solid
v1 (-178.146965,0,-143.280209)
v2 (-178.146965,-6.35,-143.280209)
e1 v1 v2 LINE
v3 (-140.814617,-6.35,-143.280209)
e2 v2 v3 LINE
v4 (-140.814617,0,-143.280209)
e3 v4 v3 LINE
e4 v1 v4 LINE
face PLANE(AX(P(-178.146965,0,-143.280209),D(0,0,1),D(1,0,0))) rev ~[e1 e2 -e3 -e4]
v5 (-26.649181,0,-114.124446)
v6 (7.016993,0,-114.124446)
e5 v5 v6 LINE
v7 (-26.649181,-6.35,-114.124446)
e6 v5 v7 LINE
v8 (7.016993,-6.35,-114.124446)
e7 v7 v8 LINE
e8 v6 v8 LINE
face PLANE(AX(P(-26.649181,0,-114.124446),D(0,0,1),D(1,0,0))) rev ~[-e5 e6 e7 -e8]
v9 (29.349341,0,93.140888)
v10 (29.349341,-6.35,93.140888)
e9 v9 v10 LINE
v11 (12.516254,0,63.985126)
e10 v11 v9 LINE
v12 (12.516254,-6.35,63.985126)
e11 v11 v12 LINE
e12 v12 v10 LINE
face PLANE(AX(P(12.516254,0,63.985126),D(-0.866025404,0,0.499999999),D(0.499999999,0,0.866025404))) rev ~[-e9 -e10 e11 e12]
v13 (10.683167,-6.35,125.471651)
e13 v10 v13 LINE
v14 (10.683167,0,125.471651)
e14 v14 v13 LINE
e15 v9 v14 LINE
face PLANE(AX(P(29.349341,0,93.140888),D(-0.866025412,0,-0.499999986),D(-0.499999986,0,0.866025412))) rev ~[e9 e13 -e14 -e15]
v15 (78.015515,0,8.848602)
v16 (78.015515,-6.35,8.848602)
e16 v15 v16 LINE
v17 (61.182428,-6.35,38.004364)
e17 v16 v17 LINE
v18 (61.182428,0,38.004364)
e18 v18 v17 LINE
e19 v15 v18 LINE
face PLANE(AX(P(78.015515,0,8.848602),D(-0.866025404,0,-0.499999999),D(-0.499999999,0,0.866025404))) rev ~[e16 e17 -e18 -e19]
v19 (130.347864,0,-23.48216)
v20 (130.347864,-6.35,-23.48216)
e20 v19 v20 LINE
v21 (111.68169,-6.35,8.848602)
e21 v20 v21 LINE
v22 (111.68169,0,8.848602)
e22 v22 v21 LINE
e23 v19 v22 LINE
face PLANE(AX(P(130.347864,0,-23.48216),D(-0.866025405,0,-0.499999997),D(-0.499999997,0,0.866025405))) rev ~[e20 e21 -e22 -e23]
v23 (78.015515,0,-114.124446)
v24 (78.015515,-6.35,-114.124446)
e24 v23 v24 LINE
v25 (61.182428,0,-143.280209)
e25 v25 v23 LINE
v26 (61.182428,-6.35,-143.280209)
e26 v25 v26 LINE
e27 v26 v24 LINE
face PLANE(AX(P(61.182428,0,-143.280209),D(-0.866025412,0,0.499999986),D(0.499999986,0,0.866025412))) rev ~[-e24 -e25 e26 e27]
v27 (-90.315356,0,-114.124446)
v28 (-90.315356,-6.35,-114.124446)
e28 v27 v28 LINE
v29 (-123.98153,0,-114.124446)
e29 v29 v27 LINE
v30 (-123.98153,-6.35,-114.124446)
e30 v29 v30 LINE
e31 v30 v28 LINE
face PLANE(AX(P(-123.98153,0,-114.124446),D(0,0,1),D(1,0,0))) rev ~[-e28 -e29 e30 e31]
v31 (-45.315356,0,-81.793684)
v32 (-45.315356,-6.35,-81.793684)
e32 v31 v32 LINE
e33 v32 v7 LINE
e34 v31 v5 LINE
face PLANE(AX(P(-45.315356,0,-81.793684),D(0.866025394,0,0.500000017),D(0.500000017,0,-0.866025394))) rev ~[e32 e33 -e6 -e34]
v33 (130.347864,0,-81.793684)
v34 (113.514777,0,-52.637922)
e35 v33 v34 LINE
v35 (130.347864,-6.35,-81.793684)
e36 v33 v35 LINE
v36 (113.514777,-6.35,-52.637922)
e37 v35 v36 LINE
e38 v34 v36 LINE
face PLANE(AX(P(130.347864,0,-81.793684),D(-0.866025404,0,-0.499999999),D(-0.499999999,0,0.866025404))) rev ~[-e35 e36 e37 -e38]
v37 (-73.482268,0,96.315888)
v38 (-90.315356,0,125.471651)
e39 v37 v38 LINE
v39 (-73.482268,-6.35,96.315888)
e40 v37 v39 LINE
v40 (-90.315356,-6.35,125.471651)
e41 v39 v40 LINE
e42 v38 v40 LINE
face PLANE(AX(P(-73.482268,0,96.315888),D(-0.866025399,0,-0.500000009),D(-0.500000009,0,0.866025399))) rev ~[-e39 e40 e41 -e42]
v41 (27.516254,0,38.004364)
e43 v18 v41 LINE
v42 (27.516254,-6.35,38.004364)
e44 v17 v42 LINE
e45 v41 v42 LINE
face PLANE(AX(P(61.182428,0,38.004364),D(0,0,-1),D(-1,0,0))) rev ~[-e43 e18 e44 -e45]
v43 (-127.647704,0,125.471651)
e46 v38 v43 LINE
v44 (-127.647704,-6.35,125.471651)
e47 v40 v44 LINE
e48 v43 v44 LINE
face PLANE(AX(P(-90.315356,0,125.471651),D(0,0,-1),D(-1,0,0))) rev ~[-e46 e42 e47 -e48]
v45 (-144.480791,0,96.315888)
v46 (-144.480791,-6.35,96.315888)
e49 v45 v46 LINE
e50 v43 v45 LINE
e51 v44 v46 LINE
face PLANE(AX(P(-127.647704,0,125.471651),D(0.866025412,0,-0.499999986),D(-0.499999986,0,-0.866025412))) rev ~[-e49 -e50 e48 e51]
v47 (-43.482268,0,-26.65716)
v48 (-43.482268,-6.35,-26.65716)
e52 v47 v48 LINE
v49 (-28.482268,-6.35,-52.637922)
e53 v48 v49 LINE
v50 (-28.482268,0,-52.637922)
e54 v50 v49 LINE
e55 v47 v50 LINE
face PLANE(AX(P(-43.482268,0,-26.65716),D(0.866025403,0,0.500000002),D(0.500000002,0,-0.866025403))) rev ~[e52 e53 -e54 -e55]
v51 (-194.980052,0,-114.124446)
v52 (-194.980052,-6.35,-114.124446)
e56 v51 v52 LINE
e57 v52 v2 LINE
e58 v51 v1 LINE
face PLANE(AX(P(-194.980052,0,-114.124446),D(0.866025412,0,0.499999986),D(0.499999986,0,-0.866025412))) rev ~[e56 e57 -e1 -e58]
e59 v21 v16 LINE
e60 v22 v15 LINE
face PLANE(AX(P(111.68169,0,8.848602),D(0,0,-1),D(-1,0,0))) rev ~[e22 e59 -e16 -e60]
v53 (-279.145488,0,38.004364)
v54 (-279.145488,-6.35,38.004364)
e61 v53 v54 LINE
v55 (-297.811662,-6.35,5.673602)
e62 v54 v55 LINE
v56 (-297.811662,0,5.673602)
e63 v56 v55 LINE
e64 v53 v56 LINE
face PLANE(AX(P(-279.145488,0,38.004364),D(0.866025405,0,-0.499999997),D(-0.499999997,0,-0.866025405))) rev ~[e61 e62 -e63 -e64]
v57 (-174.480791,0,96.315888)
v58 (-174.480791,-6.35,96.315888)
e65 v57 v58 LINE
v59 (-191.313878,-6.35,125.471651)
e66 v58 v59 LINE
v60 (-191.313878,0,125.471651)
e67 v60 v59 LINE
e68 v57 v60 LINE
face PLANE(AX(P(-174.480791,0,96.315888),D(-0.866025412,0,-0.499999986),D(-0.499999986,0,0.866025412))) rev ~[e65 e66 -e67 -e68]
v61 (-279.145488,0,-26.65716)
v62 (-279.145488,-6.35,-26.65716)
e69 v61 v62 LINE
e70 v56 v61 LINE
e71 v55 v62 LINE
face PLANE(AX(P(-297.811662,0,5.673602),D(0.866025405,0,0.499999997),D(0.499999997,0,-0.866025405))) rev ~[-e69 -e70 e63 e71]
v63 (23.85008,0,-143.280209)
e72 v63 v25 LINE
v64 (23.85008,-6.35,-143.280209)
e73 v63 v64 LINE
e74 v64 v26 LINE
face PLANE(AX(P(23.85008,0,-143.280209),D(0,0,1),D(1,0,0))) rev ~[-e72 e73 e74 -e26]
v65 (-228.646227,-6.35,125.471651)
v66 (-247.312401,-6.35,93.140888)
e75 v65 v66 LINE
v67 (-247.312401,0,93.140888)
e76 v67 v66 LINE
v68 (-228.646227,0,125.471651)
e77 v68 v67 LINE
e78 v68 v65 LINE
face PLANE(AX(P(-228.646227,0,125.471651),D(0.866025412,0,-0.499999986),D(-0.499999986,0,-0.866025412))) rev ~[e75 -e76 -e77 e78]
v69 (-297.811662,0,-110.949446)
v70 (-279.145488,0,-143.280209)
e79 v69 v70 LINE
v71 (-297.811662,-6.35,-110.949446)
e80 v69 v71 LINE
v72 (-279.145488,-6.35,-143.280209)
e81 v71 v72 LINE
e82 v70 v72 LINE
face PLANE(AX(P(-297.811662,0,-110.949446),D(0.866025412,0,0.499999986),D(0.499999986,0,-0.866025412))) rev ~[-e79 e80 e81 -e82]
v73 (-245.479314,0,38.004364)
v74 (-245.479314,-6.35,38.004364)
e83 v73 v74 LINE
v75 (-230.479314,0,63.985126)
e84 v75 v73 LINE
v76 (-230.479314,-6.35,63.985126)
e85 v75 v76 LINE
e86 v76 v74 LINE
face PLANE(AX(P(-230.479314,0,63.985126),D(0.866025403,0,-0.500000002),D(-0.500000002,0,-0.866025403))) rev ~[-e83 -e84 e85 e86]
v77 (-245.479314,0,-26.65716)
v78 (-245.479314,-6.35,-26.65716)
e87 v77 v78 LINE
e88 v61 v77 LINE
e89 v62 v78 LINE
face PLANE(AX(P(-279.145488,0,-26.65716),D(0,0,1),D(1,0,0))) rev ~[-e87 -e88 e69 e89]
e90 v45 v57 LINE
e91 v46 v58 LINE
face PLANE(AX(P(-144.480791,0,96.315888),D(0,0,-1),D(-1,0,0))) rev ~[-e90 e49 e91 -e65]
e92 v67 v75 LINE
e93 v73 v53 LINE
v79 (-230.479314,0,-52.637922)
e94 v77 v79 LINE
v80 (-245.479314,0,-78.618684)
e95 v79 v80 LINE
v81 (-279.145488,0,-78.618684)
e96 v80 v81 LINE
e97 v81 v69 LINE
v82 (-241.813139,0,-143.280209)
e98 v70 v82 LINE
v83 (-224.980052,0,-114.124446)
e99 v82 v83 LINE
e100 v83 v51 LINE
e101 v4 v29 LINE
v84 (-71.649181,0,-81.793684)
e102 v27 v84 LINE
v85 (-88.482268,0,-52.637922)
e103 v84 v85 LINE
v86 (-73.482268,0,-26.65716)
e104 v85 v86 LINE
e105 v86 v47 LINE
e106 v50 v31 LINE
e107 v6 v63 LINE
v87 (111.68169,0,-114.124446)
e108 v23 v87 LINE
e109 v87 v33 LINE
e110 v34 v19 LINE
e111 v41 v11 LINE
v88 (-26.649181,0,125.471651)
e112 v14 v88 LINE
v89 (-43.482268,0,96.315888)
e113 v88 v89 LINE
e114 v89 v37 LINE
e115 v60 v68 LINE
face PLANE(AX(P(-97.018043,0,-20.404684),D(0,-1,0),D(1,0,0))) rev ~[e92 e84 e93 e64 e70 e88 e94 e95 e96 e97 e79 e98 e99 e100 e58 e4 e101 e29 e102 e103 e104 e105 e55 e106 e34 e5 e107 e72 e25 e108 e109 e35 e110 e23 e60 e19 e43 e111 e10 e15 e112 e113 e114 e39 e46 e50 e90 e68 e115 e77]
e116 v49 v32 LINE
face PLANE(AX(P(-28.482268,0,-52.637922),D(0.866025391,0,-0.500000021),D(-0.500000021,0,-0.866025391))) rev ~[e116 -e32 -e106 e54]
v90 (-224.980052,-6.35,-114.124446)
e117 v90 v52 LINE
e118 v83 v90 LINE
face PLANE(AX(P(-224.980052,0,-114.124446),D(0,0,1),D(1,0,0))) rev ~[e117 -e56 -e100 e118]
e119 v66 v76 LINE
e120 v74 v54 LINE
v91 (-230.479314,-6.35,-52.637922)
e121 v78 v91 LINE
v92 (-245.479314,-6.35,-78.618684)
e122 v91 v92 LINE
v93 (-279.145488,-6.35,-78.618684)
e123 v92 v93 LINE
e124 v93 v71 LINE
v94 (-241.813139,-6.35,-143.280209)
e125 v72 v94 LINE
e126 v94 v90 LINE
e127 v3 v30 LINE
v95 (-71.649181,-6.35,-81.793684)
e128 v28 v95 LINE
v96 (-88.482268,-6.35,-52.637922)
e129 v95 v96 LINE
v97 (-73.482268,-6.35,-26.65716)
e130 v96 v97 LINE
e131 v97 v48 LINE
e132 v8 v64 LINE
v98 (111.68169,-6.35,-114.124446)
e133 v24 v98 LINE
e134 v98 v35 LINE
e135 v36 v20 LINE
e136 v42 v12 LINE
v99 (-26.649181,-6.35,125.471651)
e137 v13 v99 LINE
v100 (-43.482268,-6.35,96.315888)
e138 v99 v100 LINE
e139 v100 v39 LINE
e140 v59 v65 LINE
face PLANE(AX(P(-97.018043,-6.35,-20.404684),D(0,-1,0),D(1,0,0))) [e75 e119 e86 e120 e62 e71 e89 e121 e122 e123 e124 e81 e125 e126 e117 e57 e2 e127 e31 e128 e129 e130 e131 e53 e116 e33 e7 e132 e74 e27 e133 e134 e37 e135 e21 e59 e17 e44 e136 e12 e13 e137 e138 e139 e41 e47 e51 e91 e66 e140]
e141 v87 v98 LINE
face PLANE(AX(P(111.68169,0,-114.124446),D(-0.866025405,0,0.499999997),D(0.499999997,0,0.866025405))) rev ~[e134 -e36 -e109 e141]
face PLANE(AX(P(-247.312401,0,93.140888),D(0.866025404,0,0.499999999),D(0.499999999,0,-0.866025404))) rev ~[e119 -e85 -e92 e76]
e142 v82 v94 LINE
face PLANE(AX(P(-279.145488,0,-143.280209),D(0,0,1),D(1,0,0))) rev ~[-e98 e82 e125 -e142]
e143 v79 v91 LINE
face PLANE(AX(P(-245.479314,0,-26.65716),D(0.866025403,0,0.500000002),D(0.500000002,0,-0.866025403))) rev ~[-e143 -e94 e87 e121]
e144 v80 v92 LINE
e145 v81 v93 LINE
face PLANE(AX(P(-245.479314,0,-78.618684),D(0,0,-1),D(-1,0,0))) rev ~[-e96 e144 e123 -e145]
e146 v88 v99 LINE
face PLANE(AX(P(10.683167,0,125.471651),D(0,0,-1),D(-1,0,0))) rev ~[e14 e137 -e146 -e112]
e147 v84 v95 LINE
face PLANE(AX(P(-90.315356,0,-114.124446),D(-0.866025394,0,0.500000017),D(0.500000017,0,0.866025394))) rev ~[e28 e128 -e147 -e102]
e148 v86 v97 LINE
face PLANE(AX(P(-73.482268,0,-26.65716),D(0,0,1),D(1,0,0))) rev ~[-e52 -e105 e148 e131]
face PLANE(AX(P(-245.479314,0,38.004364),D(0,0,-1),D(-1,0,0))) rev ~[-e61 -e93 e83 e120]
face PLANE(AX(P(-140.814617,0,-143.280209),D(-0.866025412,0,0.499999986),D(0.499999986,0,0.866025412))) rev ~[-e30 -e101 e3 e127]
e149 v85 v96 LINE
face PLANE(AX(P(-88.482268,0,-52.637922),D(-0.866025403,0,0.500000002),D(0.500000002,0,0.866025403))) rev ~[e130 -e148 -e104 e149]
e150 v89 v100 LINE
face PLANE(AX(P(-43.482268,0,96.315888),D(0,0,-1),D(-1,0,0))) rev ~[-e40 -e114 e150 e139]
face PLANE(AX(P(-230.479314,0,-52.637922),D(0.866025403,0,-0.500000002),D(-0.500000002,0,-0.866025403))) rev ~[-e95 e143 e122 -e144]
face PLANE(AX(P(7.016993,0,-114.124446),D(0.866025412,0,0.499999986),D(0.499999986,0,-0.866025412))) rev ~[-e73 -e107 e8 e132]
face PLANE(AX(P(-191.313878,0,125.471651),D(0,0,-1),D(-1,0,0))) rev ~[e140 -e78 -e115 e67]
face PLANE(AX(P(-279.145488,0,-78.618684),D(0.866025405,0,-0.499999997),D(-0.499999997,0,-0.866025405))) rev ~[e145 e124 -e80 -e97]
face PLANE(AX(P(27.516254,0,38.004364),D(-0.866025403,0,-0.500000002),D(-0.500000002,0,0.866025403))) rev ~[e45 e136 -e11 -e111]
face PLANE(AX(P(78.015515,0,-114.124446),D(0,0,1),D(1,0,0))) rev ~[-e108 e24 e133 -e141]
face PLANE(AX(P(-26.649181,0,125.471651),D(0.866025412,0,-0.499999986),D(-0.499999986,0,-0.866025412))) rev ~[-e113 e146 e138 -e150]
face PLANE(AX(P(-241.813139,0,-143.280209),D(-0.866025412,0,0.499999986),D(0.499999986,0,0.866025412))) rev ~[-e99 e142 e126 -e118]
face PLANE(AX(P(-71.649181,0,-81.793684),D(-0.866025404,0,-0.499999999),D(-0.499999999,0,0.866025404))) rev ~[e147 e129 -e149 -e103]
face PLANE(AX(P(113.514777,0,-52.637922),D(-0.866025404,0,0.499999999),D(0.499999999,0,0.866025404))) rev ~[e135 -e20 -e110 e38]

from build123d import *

# Parameters (mm, degrees)
F1_DEPTH = 6.35


with BuildPart() as f1:
    # F0 (on Front) → F1 (new body)
    with BuildSketch(Plane.XZ):
        Polygon((-140.814617, -143.280209), (-123.98153, -114.124446), (-90.315356, -114.124446), (-71.649181, -81.793684), (-88.482268, -52.637922), (-73.482268, -26.65716), (-43.482268, -26.65716), (-28.482268, -52.637922), (-45.315356, -81.793684), (-26.649181, -114.124446), (7.016993, -114.124446), (23.85008, -143.280209), (61.182428, -143.280209), (78.015515, -114.124446), (111.68169, -114.124446), (130.347864, -81.793684), (113.514777, -52.637922), (130.347864, -23.48216), (111.68169, 8.848602), (78.015515, 8.848602), (61.182428, 38.004364), (27.516254, 38.004364), (12.516254, 63.985126), (29.349341, 93.140888), (10.683167, 125.471651), (-26.649181, 125.471651), (-43.482268, 96.315888), (-73.482268, 96.315888), (-90.315356, 125.471651), (-127.647704, 125.471651), (-144.480791, 96.315888), (-174.480791, 96.315888), (-191.313878, 125.471651), (-228.646227, 125.471651), (-247.312401, 93.140888), (-230.479314, 63.985126), (-245.479314, 38.004364), (-279.145488, 38.004364), (-297.811662, 5.673602), (-279.145488, -26.65716), (-245.479314, -26.65716), (-230.479314, -52.637922), (-245.479314, -78.618684), (-279.145488, -78.618684), (-297.811662, -110.949446), (-279.145488, -143.280209), (-241.813139, -143.280209), (-224.980052, -114.124446), (-194.980052, -114.124446), (-178.146965, -143.280209), align=None)
        Polygon((-245.479314, -84.968684), (-230.479314, -110.949446), (-245.479314, -136.930209), (-275.479314, -136.930209), (-290.479314, -110.949446), (-275.479314, -84.968684), align=None, mode=Mode.SUBTRACT)
        Polygon((-194.980052, -55.812922), (-179.980052, -81.793684), (-194.980052, -107.774446), (-224.980052, -107.774446), (-239.980052, -81.793684), (-224.980052, -55.812922), align=None, mode=Mode.SUBTRACT)
        Polygon((-144.480791, -84.968684), (-129.480791, -110.949446), (-144.480791, -136.930209), (-174.480791, -136.930209), (-189.480791, -110.949446), (-174.480791, -84.968684), align=None, mode=Mode.SUBTRACT)
        Polygon((-93.98153, -55.812922), (-78.98153, -81.793684), (-93.98153, -107.774446), (-123.98153, -107.774446), (-138.98153, -81.793684), (-123.98153, -55.812922), align=None, mode=Mode.SUBTRACT)
        Polygon((-194.980052, 2.498602), (-179.980052, -23.48216), (-194.980052, -49.462922), (-224.980052, -49.462922), (-239.980052, -23.48216), (-224.980052, 2.498602), align=None, mode=Mode.SUBTRACT)
        Polygon((-144.480791, -26.65716), (-129.480791, -52.637922), (-144.480791, -78.618684), (-174.480791, -78.618684), (-189.480791, -52.637922), (-174.480791, -26.65716), align=None, mode=Mode.SUBTRACT)
        Polygon((-93.98153, 2.498602), (-78.98153, -23.48216), (-93.98153, -49.462922), (-123.98153, -49.462922), (-138.98153, -23.48216), (-123.98153, 2.498602), align=None, mode=Mode.SUBTRACT)
        Polygon((7.016993, -55.812922), (22.016993, -81.793684), (7.016993, -107.774446), (-22.983007, -107.774446), (-37.983007, -81.793684), (-22.983007, -55.812922), align=None, mode=Mode.SUBTRACT)
        Polygon((57.516254, -84.968684), (72.516254, -110.949446), (57.516254, -136.930209), (27.516254, -136.930209), (12.516254, -110.949446), (27.516254, -84.968684), align=None, mode=Mode.SUBTRACT)
        Polygon((108.015515, -55.812922), (123.015515, -81.793684), (108.015515, -107.774446), (78.015515, -107.774446), (63.015515, -81.793684), (78.015515, -55.812922), align=None, mode=Mode.SUBTRACT)
        Polygon((7.016993, 2.498602), (22.016993, -23.48216), (7.016993, -49.462922), (-22.983007, -49.462922), (-37.983007, -23.48216), (-22.983007, 2.498602), align=None, mode=Mode.SUBTRACT)
        Polygon((57.516254, -26.65716), (72.516254, -52.637922), (57.516254, -78.618684), (27.516254, -78.618684), (12.516254, -52.637922), (27.516254, -26.65716), align=None, mode=Mode.SUBTRACT)
        Polygon((108.015515, 2.498602), (123.015515, -23.48216), (108.015515, -49.462922), (78.015515, -49.462922), (63.015515, -23.48216), (78.015515, 2.498602), align=None, mode=Mode.SUBTRACT)
        Polygon((-245.479314, 31.654364), (-230.479314, 5.673602), (-245.479314, -20.30716), (-275.479314, -20.30716), (-290.479314, 5.673602), (-275.479314, 31.654364), align=None, mode=Mode.SUBTRACT)
        Polygon((-194.980052, 60.810126), (-179.980052, 34.829364), (-194.980052, 8.848602), (-224.980052, 8.848602), (-239.980052, 34.829364), (-224.980052, 60.810126), align=None, mode=Mode.SUBTRACT)
        Polygon((-144.480791, 31.654364), (-129.480791, 5.673602), (-144.480791, -20.30716), (-174.480791, -20.30716), (-189.480791, 5.673602), (-174.480791, 31.654364), align=None, mode=Mode.SUBTRACT)
        Polygon((-93.98153, 60.810126), (-78.98153, 34.829364), (-93.98153, 8.848602), (-123.98153, 8.848602), (-138.98153, 34.829364), (-123.98153, 60.810126), align=None, mode=Mode.SUBTRACT)
        Polygon((-194.980052, 119.121651), (-179.980052, 93.140888), (-194.980052, 67.160126), (-224.980052, 67.160126), (-239.980052, 93.140888), (-224.980052, 119.121651), align=None, mode=Mode.SUBTRACT)
        Polygon((-144.480791, 89.965888), (-129.480791, 63.985126), (-144.480791, 38.004364), (-174.480791, 38.004364), (-189.480791, 63.985126), (-174.480791, 89.965888), align=None, mode=Mode.SUBTRACT)
        Polygon((-93.98153, 119.121651), (-78.98153, 93.140888), (-93.98153, 67.160126), (-123.98153, 67.160126), (-138.98153, 93.140888), (-123.98153, 119.121651), align=None, mode=Mode.SUBTRACT)
        Polygon((-43.482268, 31.654364), (-28.482268, 5.673602), (-43.482268, -20.30716), (-73.482268, -20.30716), (-88.482268, 5.673602), (-73.482268, 31.654364), align=None, mode=Mode.SUBTRACT)
        Polygon((7.016993, 60.810126), (22.016993, 34.829364), (7.016993, 8.848602), (-22.983007, 8.848602), (-37.983007, 34.829364), (-22.983007, 60.810126), align=None, mode=Mode.SUBTRACT)
        Polygon((57.516254, 31.654364), (72.516254, 5.673602), (57.516254, -20.30716), (27.516254, -20.30716), (12.516254, 5.673602), (27.516254, 31.654364), align=None, mode=Mode.SUBTRACT)
        Polygon((-43.482268, 89.965888), (-28.482268, 63.985126), (-43.482268, 38.004364), (-73.482268, 38.004364), (-88.482268, 63.985126), (-73.482268, 89.965888), align=None, mode=Mode.SUBTRACT)
        Polygon((7.016993, 119.121651), (22.016993, 93.140888), (7.016993, 67.160126), (-22.983007, 67.160126), (-37.983007, 93.140888), (-22.983007, 119.121651), align=None, mode=Mode.SUBTRACT)
        Polygon((-194.980052, 67.160126), (-179.980052, 93.140888), (-194.980052, 119.121651), (-224.980052, 119.121651), (-239.980052, 93.140888), (-224.980052, 67.160126), align=None)
        Polygon((-194.980052, 8.848602), (-179.980052, 34.829364), (-194.980052, 60.810126), (-224.980052, 60.810126), (-239.980052, 34.829364), (-224.980052, 8.848602), align=None)
        Polygon((-144.480791, 38.004364), (-129.480791, 63.985126), (-144.480791, 89.965888), (-174.480791, 89.965888), (-189.480791, 63.985126), (-174.480791, 38.004364), align=None)
        Polygon((-93.98153, 67.160126), (-78.98153, 93.140888), (-93.98153, 119.121651), (-123.98153, 119.121651), (-138.98153, 93.140888), (-123.98153, 67.160126), align=None)
        Polygon((-93.98153, 8.848602), (-78.98153, 34.829364), (-93.98153, 60.810126), (-123.98153, 60.810126), (-138.98153, 34.829364), (-123.98153, 8.848602), align=None)
        Polygon((-144.480791, -20.30716), (-129.480791, 5.673602), (-144.480791, 31.654364), (-174.480791, 31.654364), (-189.480791, 5.673602), (-174.480791, -20.30716), align=None)
        Polygon((-194.980052, -49.462922), (-179.980052, -23.48216), (-194.980052, 2.498602), (-224.980052, 2.498602), (-239.980052, -23.48216), (-224.980052, -49.462922), align=None)
        Polygon((-194.980052, -107.774446), (-179.980052, -81.793684), (-194.980052, -55.812922), (-224.980052, -55.812922), (-239.980052, -81.793684), (-224.980052, -107.774446), align=None)
        Polygon((-144.480791, -136.930209), (-129.480791, -110.949446), (-144.480791, -84.968684), (-174.480791, -84.968684), (-189.480791, -110.949446), (-174.480791, -136.930209), align=None)
        Polygon((-144.480791, -78.618684), (-129.480791, -52.637922), (-144.480791, -26.65716), (-174.480791, -26.65716), (-189.480791, -52.637922), (-174.480791, -78.618684), align=None)
        Polygon((-93.98153, -107.774446), (-78.98153, -81.793684), (-93.98153, -55.812922), (-123.98153, -55.812922), (-138.98153, -81.793684), (-123.98153, -107.774446), align=None)
        Polygon((-43.482268, -20.30716), (-28.482268, 5.673602), (-43.482268, 31.654364), (-73.482268, 31.654364), (-88.482268, 5.673602), (-73.482268, -20.30716), align=None)
        Polygon((7.016993, 8.848602), (22.016993, 34.829364), (7.016993, 60.810126), (-22.983007, 60.810126), (-37.983007, 34.829364), (-22.983007, 8.848602), align=None)
        Polygon((7.016993, 67.160126), (22.016993, 93.140888), (7.016993, 119.121651), (-22.983007, 119.121651), (-37.983007, 93.140888), (-22.983007, 67.160126), align=None)
        Polygon((57.516254, -20.30716), (72.516254, 5.673602), (57.516254, 31.654364), (27.516254, 31.654364), (12.516254, 5.673602), (27.516254, -20.30716), align=None)
        Polygon((7.016993, -107.774446), (22.016993, -81.793684), (7.016993, -55.812922), (-22.983007, -55.812922), (-37.983007, -81.793684), (-22.983007, -107.774446), align=None)
        Polygon((57.516254, -78.618684), (72.516254, -52.637922), (57.516254, -26.65716), (27.516254, -26.65716), (12.516254, -52.637922), (27.516254, -78.618684), align=None)
        Polygon((108.015515, -49.462922), (123.015515, -23.48216), (108.015515, 2.498602), (78.015515, 2.498602), (63.015515, -23.48216), (78.015515, -49.462922), align=None)
        Polygon((108.015515, -107.774446), (123.015515, -81.793684), (108.015515, -55.812922), (78.015515, -55.812922), (63.015515, -81.793684), (78.015515, -107.774446), align=None)
        Polygon((57.516254, -136.930209), (72.516254, -110.949446), (57.516254, -84.968684), (27.516254, -84.968684), (12.516254, -110.949446), (27.516254, -136.930209), align=None)
        Polygon((-245.479314, -20.30716), (-230.479314, 5.673602), (-245.479314, 31.654364), (-275.479314, 31.654364), (-290.479314, 5.673602), (-275.479314, -20.30716), align=None)
        Polygon((-93.98153, -49.462922), (-78.98153, -23.48216), (-93.98153, 2.498602), (-123.98153, 2.498602), (-138.98153, -23.48216), (-123.98153, -49.462922), align=None)
        Polygon((-43.482268, 38.004364), (-28.482268, 63.985126), (-43.482268, 89.965888), (-73.482268, 89.965888), (-88.482268, 63.985126), (-73.482268, 38.004364), align=None)
        Polygon((7.016993, -49.462922), (22.016993, -23.48216), (7.016993, 2.498602), (-22.983007, 2.498602), (-37.983007, -23.48216), (-22.983007, -49.462922), align=None)
        Polygon((-245.479314, -136.930209), (-230.479314, -110.949446), (-245.479314, -84.968684), (-275.479314, -84.968684), (-290.479314, -110.949446), (-275.479314, -136.930209), align=None)
    extrude(amount=F1_DEPTH)


solid = f1.part
